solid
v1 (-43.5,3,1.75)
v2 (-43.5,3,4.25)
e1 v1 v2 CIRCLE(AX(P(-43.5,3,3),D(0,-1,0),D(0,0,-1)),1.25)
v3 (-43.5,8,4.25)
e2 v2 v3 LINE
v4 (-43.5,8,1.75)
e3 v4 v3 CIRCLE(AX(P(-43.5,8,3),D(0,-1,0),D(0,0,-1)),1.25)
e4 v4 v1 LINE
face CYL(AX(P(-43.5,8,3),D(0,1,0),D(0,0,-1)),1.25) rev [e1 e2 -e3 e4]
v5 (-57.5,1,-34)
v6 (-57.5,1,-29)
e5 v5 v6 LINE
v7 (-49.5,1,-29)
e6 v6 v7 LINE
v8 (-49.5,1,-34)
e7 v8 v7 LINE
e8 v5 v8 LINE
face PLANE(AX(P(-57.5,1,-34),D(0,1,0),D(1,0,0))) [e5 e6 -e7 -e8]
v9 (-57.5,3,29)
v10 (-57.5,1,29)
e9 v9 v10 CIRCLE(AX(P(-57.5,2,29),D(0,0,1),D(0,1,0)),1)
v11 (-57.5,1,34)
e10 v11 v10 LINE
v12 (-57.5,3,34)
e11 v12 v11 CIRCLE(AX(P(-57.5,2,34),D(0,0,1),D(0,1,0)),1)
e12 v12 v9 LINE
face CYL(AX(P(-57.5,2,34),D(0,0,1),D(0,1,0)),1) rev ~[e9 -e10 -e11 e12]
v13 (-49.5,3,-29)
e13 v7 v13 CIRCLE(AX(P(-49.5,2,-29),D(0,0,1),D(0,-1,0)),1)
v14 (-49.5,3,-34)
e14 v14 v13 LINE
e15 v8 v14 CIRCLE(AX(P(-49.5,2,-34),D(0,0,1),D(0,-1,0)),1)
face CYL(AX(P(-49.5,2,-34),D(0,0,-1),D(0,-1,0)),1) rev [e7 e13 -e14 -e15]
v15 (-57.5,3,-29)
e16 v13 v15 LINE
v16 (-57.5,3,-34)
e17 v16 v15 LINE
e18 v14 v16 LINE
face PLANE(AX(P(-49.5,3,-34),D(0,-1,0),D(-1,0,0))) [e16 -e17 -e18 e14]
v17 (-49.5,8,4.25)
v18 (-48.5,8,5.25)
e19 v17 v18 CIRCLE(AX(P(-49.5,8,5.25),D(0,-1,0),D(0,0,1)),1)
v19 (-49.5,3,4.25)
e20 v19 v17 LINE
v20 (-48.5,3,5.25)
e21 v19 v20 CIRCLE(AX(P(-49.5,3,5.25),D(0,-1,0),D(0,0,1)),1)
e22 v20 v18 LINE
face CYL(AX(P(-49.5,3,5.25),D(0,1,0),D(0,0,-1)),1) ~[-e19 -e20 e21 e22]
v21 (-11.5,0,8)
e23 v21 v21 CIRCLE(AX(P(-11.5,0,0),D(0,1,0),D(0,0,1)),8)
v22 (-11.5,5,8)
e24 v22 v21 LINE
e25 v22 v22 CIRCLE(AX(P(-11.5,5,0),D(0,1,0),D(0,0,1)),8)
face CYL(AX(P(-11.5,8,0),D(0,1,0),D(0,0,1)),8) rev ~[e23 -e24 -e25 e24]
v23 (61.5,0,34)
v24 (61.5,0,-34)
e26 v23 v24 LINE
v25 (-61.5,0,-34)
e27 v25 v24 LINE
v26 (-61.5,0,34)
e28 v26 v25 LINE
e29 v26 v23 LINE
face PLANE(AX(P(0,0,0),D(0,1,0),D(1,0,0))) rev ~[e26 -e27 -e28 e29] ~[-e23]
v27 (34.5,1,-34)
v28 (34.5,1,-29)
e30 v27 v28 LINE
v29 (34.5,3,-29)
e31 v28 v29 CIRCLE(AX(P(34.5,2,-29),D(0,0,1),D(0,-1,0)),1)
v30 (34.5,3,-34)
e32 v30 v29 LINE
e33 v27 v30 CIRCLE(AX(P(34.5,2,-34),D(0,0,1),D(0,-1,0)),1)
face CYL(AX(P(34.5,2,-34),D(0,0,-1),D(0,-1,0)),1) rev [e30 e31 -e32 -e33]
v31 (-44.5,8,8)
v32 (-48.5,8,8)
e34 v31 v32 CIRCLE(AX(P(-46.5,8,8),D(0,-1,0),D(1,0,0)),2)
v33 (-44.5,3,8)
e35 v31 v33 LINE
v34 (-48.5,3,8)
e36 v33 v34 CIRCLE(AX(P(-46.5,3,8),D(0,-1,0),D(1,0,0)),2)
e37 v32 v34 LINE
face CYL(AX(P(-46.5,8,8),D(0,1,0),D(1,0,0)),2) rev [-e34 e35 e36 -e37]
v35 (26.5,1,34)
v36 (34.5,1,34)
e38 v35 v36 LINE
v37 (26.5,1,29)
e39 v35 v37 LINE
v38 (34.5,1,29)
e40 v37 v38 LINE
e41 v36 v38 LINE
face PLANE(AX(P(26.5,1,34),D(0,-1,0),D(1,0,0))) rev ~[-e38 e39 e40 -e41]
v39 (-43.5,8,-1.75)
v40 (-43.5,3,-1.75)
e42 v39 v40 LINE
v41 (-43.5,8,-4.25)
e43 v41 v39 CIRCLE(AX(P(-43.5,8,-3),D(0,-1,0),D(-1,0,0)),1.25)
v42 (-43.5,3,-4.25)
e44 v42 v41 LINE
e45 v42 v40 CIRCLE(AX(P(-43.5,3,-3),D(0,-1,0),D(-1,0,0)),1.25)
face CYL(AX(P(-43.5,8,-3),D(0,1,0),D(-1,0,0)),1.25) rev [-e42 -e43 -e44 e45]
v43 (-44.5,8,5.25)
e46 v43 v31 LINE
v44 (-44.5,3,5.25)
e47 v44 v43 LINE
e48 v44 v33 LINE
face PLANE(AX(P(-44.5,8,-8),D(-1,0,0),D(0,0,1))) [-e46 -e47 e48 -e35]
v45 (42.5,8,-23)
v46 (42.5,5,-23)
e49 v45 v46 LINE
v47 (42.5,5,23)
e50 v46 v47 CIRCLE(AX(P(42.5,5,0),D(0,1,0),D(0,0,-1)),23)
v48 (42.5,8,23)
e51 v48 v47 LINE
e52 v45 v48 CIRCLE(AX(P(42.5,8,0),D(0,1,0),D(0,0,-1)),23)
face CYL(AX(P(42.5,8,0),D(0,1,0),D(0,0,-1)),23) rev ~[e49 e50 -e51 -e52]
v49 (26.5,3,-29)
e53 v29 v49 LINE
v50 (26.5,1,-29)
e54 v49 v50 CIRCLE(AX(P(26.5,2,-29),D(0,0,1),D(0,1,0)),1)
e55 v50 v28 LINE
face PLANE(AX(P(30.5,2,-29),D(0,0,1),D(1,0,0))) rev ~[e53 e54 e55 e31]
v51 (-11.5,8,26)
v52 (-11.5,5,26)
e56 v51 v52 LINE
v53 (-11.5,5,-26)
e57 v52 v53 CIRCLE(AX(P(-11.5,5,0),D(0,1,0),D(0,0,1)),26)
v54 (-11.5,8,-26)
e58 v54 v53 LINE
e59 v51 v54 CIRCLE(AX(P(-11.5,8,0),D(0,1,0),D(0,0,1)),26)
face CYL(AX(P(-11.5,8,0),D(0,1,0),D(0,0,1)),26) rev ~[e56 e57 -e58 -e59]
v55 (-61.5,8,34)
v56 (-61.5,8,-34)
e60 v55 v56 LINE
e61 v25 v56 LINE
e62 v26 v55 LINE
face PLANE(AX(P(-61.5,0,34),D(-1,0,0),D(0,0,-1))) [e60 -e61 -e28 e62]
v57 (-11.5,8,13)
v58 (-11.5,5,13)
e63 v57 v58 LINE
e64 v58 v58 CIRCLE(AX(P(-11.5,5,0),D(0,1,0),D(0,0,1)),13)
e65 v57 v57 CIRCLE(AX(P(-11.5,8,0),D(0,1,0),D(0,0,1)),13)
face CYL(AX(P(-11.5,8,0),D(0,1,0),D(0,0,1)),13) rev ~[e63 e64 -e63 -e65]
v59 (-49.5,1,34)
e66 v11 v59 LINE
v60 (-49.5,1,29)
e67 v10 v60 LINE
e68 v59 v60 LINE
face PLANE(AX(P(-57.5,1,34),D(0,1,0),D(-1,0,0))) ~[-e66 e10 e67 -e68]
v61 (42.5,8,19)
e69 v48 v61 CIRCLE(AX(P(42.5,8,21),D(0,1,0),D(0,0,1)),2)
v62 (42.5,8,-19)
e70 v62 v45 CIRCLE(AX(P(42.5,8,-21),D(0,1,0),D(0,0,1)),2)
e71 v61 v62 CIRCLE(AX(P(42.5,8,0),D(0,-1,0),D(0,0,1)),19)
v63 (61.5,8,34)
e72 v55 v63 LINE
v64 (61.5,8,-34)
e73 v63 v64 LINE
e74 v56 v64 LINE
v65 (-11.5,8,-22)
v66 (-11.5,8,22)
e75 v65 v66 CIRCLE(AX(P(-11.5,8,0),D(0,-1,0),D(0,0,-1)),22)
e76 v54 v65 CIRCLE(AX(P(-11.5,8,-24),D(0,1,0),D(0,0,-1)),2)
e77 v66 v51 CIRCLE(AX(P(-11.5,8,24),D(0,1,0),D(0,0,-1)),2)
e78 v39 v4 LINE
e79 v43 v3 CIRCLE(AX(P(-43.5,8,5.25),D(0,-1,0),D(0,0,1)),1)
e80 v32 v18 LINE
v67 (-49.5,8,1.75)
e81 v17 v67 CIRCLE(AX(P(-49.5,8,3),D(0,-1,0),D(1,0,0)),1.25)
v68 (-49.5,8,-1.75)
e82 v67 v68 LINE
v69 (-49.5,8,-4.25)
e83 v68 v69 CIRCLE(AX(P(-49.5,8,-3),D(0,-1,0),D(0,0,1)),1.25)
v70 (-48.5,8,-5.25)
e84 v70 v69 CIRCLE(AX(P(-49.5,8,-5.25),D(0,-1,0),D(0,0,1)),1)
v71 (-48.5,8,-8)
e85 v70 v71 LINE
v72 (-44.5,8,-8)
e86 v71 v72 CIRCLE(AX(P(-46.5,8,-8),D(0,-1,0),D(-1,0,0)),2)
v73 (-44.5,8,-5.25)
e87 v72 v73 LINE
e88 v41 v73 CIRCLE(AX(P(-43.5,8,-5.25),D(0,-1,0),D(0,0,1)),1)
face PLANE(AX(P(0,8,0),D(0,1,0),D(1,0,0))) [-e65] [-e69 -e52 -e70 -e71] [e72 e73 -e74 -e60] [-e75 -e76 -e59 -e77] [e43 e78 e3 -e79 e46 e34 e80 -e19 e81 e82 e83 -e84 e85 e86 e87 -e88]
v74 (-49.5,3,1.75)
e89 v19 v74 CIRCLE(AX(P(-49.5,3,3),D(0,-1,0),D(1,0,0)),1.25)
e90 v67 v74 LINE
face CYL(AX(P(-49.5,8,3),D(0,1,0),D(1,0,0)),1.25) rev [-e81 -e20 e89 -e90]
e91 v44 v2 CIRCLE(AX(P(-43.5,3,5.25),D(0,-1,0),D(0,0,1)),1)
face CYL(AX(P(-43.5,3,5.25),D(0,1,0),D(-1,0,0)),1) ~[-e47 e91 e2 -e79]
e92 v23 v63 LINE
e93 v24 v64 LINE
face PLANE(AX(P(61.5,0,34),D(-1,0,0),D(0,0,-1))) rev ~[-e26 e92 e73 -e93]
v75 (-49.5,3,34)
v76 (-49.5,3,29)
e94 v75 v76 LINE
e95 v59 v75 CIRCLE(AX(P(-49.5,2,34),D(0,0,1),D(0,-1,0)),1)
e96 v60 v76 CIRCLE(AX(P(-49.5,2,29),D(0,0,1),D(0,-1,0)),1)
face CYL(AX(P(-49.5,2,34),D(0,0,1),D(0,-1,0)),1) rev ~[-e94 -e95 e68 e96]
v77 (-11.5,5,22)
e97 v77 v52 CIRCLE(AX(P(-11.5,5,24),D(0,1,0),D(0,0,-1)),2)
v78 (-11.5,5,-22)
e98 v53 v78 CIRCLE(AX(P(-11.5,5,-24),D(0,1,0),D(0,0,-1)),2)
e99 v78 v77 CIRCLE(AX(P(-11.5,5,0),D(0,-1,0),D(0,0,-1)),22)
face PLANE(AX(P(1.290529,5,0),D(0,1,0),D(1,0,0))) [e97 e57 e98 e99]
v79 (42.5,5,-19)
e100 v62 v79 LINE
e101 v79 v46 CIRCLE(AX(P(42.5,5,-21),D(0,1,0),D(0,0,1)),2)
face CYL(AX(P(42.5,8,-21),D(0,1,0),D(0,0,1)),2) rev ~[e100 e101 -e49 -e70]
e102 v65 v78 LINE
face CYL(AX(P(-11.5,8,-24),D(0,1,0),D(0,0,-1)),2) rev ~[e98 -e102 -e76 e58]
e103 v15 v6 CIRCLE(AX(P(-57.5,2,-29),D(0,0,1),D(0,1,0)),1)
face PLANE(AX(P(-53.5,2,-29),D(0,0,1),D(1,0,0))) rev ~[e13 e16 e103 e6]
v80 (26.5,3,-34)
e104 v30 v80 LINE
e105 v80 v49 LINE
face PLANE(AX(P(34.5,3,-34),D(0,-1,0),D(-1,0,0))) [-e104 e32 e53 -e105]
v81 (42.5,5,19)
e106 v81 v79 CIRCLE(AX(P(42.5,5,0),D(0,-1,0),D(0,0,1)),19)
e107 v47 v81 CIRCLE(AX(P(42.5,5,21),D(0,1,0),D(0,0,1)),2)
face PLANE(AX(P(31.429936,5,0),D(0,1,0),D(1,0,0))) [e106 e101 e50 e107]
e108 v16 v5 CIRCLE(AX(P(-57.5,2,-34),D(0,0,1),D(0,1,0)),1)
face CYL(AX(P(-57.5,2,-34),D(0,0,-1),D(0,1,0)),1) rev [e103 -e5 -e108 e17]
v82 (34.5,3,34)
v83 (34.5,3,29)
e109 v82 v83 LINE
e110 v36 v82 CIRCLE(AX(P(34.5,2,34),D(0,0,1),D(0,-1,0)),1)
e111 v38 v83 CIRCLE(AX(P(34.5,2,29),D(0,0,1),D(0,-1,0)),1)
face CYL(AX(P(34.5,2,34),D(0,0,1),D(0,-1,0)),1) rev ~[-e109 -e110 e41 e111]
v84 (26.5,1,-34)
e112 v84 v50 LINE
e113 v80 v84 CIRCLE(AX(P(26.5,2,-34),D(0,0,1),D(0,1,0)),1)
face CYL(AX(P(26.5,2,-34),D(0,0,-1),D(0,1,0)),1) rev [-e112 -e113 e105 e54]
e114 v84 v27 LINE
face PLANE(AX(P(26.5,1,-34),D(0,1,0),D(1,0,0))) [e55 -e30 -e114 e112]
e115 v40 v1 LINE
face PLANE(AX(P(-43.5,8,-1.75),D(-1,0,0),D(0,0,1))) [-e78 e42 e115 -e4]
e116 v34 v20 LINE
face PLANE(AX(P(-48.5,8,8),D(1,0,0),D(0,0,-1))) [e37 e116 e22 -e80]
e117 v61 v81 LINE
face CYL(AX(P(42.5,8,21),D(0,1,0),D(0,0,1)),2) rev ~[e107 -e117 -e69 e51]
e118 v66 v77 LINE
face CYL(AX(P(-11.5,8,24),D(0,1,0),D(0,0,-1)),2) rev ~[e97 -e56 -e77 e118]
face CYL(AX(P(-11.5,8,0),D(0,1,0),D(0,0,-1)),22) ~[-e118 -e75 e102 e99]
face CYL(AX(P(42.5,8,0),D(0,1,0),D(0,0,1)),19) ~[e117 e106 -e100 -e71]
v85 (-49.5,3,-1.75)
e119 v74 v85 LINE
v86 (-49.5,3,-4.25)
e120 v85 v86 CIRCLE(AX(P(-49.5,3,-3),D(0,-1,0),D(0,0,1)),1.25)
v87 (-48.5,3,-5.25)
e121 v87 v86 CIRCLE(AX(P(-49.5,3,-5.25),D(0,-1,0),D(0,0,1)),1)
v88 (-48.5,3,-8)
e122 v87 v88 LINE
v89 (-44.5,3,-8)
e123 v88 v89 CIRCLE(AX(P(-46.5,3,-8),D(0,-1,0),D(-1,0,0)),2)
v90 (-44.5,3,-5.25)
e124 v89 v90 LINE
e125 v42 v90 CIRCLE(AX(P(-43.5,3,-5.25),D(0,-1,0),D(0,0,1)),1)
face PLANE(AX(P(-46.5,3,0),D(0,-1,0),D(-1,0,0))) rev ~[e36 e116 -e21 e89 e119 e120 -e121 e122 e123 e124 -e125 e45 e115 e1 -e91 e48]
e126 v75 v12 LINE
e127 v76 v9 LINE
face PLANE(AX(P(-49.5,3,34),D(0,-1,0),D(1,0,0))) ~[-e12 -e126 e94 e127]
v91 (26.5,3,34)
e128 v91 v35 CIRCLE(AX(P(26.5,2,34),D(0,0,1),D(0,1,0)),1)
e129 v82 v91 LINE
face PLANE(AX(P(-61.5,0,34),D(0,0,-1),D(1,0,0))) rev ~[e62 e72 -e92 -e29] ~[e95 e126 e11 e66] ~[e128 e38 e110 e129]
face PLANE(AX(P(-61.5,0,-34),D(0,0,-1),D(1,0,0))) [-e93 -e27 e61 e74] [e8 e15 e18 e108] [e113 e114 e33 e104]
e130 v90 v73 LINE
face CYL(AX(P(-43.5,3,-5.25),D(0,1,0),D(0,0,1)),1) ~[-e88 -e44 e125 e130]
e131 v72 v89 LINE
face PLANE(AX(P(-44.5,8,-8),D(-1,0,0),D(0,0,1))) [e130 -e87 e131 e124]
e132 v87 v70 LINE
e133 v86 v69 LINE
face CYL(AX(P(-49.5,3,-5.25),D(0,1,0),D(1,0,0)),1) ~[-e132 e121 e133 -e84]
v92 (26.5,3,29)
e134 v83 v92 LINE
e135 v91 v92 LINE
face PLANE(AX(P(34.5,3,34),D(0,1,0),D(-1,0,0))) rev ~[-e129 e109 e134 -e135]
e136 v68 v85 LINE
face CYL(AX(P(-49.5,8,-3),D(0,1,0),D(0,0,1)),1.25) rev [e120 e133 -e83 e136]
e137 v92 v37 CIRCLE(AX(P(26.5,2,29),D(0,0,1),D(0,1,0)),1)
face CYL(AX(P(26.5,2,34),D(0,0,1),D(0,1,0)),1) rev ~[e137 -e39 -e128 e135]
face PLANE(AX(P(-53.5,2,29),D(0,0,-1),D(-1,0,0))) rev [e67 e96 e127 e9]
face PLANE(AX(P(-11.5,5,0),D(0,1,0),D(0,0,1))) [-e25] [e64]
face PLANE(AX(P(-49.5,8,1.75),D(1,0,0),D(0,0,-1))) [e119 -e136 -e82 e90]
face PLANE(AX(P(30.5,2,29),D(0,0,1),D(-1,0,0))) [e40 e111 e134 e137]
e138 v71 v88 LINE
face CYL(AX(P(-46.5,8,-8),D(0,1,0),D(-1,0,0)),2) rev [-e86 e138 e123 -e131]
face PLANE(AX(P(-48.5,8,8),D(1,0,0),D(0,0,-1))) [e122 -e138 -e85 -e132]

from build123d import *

# Parameters (mm, degrees)
SKETCH1_W              = 123
SKETCH1_H              = 68
BOSS_EXTRUDE1_DEPTH    = 8
CUT_EXTRUDE1_DEPTH     = 5
LPATTERN6_COUNT        = 2
LPATTERN6_PITCH        = 84
LPATTERN6_COPY_1_DEPTH = 5
SKETCH7_R              = 8
CUT_EXTRUDE2_DEPTH     = 10
SKETCH8_R              = 13
CUT_EXTRUDE3_DEPTH     = 3
CUT_EXTRUDE4_DEPTH     = 5
CUT_EXTRUDE5_DEPTH     = 3
CUT_EXTRUDE6_DEPTH     = 3
CUT_EXTRUDE7_DEPTH     = 5
FILLET2_R              = 1


with BuildPart() as part:
    # Sketch1 → Boss-Extrude1 (new body)
    with BuildSketch(Plane(origin=(0, 0, 0), x_dir=(1, 0, 0), z_dir=(0, 1, 0))):
        Rectangle(SKETCH1_W, SKETCH1_H)
    extrude(amount=BOSS_EXTRUDE1_DEPTH)

    # Sketch6 → Cut-Extrude1 (cut)
    with BuildSketch(Plane(origin=(0, 0, -34), x_dir=(-1, 0, 0), z_dir=(0, 0, -1))):
        with BuildLine():
            Line((49.5, 3), (57.5, 3))
            ThreePointArc((57.5, 3), (58.5, 2), (57.5, 1))
            Line((57.5, 1), (49.5, 1))
            ThreePointArc((49.5, 1), (48.5, 2), (49.5, 3))
        make_face()
    cut_extrude1 = extrude(amount=-CUT_EXTRUDE1_DEPTH, mode=Mode.SUBTRACT)

    # Mirror16: Cut-Extrude1 across plane
    add(cut_extrude1.mirror(Plane.XY), mode=Mode.SUBTRACT)

    # LPattern6: Cut-Extrude1 ×2
    with Locations(*[(i * LPATTERN6_PITCH, 0, 0) for i in range(1, LPATTERN6_COUNT)]):
        add(cut_extrude1, mode=Mode.SUBTRACT)

    # LPattern6 copy 1 sketch → LPattern6 copy 1 (cut)
    with BuildSketch(Plane(origin=(84, 0, 34), x_dir=(-1, 0, 0), z_dir=(0, 0, 1))):
        with BuildLine():
            Line((49.5, -3), (57.5, -3))
            ThreePointArc((57.5, -3), (58.5, -2), (57.5, -1))
            Line((57.5, -1), (49.5, -1))
            ThreePointArc((49.5, -1), (48.5, -2), (49.5, -3))
        make_face()
    extrude(amount=-LPATTERN6_COPY_1_DEPTH, mode=Mode.SUBTRACT)

    # Sketch7 → Cut-Extrude2 (cut)
    with BuildSketch(Plane(origin=(0, 8, 0), x_dir=(1, 0, 0), z_dir=(0, 1, 0))):
        with Locations(Location((-11.5, 0, 0), (0, 0, 270))):
            Circle(SKETCH7_R)
    extrude(amount=-CUT_EXTRUDE2_DEPTH, mode=Mode.SUBTRACT)

    # Sketch8 → Cut-Extrude3 (cut)
    with BuildSketch(Plane(origin=(0, 8, 0), x_dir=(1, 0, 0), z_dir=(0, 1, 0))):
        with Locations(Location((-11.5, 0, 0), (0, 0, 270))):
            Circle(SKETCH8_R)
    extrude(amount=-CUT_EXTRUDE3_DEPTH, mode=Mode.SUBTRACT)

    # Sketch9 → Cut-Extrude4 (cut)
    with BuildSketch(Plane(origin=(0, 8, 0), x_dir=(1, 0, 0), z_dir=(0, 1, 0))):
        with BuildLine():
            Line((-44.5, 8), (-44.5, -8))
            ThreePointArc((-44.5, -8), (-46.5, -10), (-48.5, -8))
            Line((-48.5, -8), (-48.5, 8))
            ThreePointArc((-48.5, 8), (-46.5, 10), (-44.5, 8))
        make_face()
    extrude(amount=-CUT_EXTRUDE4_DEPTH, mode=Mode.SUBTRACT)

    # Sketch10 → Cut-Extrude5 (cut)
    with BuildSketch(Plane(origin=(0, 8, 0), x_dir=(1, 0, 0), z_dir=(0, 1, 0))):
        with BuildLine():
            ThreePointArc((42.5, 23), (19.5, 0), (42.5, -23))
            ThreePointArc((42.5, -23), (44.5, -21), (42.5, -19))
            ThreePointArc((42.5, -19), (23.5, 0), (42.5, 19))
            ThreePointArc((42.5, 19), (44.5, 21), (42.5, 23))
        make_face()
    extrude(amount=-CUT_EXTRUDE5_DEPTH, mode=Mode.SUBTRACT)

    # Sketch11 → Cut-Extrude6 (cut)
    with BuildSketch(Plane(origin=(0, 8, 0), x_dir=(1, 0, 0), z_dir=(0, 1, 0))):
        with BuildLine():
            ThreePointArc((-11.5, -26), (14.5, 0), (-11.5, 26))
            ThreePointArc((-11.5, 26), (-13.5, 24), (-11.5, 22))
            ThreePointArc((-11.5, 22), (10.5, 0), (-11.5, -22))
            ThreePointArc((-11.5, -22), (-13.5, -24), (-11.5, -26))
        make_face()
    extrude(amount=-CUT_EXTRUDE6_DEPTH, mode=Mode.SUBTRACT)

    # Sketch12 → Cut-Extrude7 (cut)
    with BuildSketch(Plane(origin=(0, 8, 0), x_dir=(1, 0, 0), z_dir=(0, 1, 0))):
        with BuildLine():
            Line((-48.25, 3), (-44.75, 3))
            ThreePointArc((-44.75, 3), (-42.616116524, 3.883883476), (-43.5, 1.75))
            Line((-43.5, 1.75), (-43.5, -1.75))
            ThreePointArc((-43.5, -1.75), (-42.616116524, -3.883883476), (-44.75, -3))
            Line((-44.75, -3), (-48.25, -3))
            ThreePointArc((-48.25, -3), (-50.383883476, -3.883883476), (-49.5, -1.75))
            Line((-49.5, -1.75), (-49.5, 1.75))
            ThreePointArc((-49.5, 1.75), (-50.383883476, 3.883883476), (-48.25, 3))
        make_face()
    extrude(amount=-CUT_EXTRUDE7_DEPTH, mode=Mode.SUBTRACT)

    # Fillet2
    fillet2_edges = [part.edges().sort_by_distance(p)[0] for p in [
        (-48.5, 5.5, -3.75),
        (-44.5, 5.5, -3.75),
        (-44.5, 5.5, 3.75),
        (-48.5, 5.5, 3.75),
    ]]
    fillet(fillet2_edges, radius=FILLET2_R)


solid = part.part
